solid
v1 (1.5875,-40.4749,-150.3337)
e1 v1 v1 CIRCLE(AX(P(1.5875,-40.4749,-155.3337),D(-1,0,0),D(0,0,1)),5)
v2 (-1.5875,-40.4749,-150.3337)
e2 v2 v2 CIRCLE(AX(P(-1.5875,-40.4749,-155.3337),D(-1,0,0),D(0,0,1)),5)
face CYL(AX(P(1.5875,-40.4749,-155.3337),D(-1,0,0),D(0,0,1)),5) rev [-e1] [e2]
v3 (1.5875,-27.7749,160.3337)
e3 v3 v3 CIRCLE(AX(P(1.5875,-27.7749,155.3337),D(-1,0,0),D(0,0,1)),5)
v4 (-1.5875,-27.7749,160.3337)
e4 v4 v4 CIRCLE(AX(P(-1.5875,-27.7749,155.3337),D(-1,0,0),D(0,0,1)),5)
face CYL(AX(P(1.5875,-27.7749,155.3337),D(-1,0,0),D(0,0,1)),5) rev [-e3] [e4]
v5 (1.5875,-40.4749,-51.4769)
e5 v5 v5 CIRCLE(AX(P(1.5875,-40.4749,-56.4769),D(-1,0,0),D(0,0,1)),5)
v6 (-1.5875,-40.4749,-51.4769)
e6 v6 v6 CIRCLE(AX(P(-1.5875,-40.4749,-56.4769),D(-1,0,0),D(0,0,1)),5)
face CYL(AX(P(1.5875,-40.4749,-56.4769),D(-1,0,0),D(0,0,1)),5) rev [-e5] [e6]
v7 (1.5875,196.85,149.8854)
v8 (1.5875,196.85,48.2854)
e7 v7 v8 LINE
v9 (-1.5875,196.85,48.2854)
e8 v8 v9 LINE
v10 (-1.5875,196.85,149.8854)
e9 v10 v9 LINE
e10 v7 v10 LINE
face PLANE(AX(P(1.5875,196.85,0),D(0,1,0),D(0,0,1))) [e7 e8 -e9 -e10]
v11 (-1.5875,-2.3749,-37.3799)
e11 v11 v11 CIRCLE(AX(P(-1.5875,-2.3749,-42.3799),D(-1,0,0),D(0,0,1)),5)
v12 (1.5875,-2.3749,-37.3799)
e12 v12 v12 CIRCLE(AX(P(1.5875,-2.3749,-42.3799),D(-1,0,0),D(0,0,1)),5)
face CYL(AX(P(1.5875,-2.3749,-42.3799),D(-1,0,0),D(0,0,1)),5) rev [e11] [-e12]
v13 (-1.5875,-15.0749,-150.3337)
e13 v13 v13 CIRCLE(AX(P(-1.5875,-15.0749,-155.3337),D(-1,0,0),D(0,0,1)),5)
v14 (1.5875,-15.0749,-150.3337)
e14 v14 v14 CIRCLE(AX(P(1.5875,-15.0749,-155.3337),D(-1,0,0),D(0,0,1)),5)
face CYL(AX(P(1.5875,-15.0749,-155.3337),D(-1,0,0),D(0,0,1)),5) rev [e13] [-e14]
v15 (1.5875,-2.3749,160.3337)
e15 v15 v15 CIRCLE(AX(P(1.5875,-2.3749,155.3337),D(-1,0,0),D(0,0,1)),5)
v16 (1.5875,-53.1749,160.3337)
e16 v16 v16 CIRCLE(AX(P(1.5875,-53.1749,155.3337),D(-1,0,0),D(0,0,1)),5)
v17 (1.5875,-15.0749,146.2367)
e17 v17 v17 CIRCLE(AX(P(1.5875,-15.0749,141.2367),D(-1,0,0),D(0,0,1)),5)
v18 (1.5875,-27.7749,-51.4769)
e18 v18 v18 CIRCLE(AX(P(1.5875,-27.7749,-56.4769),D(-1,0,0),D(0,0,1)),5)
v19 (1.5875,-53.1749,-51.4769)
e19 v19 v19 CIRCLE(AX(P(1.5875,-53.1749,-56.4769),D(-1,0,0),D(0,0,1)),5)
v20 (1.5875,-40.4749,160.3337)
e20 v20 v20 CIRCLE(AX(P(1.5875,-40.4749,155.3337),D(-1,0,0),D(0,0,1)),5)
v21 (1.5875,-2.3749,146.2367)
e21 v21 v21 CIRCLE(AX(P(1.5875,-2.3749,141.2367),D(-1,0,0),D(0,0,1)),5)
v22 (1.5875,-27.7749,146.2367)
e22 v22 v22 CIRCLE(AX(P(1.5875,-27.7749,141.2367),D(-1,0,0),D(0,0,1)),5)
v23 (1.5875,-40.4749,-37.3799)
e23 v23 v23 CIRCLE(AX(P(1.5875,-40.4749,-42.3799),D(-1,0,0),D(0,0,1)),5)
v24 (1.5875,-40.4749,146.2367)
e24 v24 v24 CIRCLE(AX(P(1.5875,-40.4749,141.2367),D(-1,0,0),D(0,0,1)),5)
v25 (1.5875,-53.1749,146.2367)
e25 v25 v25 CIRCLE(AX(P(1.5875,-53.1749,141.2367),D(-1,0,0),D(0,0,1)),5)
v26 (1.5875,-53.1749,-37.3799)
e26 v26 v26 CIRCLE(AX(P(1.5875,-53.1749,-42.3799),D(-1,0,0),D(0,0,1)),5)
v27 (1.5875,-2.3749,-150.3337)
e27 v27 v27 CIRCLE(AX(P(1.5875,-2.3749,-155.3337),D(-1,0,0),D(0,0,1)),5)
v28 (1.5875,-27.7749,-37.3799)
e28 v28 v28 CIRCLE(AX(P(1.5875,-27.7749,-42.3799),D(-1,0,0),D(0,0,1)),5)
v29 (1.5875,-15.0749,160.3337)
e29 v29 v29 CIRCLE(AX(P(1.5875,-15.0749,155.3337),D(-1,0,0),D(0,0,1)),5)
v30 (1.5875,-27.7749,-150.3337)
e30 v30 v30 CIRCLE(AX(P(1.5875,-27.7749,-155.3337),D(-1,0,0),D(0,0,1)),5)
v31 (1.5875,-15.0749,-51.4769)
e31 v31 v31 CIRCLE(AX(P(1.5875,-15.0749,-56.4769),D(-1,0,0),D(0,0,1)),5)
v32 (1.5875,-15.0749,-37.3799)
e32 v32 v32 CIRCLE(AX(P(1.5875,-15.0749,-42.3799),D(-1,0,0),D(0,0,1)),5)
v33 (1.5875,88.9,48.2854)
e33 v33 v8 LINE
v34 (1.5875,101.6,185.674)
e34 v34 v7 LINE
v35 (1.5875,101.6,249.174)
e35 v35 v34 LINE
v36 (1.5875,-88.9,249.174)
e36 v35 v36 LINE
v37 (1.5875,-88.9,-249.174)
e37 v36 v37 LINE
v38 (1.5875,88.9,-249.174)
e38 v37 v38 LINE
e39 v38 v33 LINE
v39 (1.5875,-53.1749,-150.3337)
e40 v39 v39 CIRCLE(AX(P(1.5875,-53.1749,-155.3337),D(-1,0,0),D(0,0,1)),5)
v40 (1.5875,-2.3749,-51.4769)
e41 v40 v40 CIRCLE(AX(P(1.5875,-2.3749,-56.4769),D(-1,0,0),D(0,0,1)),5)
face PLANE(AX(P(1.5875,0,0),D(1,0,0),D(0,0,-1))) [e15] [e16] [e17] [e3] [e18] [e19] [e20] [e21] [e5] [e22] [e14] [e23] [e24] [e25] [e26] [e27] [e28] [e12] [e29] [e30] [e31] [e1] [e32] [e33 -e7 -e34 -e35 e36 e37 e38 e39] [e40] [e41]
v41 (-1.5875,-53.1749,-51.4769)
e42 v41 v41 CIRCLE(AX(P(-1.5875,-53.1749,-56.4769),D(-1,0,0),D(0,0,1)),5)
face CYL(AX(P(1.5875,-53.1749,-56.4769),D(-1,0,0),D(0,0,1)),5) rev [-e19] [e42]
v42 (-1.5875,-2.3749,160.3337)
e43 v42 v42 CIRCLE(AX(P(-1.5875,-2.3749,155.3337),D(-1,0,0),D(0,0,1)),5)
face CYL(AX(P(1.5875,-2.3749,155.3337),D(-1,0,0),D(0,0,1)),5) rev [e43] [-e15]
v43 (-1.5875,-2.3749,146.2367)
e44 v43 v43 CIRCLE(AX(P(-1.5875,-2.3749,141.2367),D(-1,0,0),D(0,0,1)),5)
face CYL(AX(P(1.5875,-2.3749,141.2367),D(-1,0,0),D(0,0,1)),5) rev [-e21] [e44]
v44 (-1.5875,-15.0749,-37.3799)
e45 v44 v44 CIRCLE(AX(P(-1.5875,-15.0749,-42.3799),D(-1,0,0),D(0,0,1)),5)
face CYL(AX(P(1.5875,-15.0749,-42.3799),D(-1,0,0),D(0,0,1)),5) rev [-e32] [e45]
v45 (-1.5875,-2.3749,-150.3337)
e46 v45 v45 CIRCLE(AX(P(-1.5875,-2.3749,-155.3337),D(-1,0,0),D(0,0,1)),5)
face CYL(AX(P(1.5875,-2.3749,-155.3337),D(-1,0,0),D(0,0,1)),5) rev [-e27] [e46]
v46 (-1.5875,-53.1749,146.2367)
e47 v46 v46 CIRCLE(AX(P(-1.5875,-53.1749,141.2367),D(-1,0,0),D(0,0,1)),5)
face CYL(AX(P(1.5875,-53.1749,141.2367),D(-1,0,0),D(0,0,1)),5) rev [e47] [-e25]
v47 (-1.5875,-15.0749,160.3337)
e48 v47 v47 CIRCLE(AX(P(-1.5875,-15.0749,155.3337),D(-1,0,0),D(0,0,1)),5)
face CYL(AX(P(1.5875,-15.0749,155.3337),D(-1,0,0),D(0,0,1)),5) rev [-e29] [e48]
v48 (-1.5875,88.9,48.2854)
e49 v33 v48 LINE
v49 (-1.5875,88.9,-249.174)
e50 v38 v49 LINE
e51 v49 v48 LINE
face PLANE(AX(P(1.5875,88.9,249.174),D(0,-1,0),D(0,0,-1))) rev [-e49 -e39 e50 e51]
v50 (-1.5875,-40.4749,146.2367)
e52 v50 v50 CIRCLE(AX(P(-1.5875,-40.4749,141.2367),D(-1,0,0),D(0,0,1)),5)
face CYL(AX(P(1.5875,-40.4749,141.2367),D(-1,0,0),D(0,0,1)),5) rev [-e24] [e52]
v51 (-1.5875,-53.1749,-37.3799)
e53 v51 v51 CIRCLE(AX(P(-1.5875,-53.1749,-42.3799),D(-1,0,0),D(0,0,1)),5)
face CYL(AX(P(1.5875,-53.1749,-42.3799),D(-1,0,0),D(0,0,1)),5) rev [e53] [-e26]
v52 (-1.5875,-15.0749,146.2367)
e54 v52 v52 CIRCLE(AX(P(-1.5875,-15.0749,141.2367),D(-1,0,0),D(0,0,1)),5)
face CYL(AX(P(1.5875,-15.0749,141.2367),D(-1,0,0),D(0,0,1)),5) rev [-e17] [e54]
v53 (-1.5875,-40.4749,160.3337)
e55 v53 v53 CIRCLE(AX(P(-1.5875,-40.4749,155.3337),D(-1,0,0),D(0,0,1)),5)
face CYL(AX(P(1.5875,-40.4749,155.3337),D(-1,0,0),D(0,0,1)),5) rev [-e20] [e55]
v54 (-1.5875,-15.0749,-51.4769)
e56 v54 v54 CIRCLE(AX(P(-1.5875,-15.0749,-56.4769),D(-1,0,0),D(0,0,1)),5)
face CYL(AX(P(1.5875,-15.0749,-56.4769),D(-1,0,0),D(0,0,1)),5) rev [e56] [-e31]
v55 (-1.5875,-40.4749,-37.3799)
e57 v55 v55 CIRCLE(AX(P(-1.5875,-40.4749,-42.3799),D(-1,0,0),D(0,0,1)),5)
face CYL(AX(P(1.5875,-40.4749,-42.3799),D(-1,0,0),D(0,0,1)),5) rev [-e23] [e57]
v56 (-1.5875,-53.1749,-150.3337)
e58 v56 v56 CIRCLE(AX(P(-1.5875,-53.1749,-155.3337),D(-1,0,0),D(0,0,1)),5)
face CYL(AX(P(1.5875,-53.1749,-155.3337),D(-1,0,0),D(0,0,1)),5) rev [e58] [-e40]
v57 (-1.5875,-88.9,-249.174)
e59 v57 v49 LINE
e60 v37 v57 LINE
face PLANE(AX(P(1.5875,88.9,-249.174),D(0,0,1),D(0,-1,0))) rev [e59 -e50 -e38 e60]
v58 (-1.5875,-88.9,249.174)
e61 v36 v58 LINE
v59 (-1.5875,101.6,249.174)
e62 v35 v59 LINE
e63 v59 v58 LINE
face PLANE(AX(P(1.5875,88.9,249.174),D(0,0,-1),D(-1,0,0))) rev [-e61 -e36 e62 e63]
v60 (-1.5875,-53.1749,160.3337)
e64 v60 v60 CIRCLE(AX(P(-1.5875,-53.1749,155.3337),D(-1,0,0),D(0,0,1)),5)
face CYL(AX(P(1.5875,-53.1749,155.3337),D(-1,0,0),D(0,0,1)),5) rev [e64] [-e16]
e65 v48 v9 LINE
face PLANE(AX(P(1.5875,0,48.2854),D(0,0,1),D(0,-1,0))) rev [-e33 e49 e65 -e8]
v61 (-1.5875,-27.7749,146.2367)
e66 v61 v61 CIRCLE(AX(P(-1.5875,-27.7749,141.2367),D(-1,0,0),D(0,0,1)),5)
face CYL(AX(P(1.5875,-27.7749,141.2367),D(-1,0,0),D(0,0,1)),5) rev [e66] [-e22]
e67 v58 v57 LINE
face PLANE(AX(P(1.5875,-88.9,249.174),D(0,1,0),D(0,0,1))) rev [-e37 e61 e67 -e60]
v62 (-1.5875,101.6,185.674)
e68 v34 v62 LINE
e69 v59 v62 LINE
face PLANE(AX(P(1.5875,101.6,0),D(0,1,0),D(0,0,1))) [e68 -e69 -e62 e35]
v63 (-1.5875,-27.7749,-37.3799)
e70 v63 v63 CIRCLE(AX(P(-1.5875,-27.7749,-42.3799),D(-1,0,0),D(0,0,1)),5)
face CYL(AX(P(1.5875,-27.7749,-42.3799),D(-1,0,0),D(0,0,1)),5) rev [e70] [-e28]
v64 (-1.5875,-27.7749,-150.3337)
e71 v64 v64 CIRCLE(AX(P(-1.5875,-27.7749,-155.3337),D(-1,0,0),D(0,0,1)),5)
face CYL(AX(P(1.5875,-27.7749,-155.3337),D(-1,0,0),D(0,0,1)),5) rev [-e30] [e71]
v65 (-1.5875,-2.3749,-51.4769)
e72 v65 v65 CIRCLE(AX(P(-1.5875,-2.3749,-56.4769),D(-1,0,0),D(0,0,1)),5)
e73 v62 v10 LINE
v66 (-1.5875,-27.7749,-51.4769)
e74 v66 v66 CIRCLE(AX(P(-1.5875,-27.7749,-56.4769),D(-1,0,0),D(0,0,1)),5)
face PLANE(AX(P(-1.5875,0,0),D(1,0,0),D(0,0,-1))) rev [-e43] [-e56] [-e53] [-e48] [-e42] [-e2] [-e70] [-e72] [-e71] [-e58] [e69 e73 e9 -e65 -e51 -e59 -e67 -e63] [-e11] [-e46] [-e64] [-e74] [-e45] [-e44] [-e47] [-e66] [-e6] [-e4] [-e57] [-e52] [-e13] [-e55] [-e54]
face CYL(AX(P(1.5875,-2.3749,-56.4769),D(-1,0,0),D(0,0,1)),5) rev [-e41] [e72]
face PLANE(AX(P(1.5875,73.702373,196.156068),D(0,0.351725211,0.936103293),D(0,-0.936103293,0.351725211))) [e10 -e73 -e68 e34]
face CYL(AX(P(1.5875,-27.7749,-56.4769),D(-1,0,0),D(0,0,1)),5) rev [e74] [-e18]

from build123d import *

# Parameters (mm, degrees)
SKETCH1_W                 = 498.348
SKETCH1_H                 = 177.8
BOSS_EXTRUDE1_DEPTH       = 1.5875
BOSS_EXTRUDE2_DEPTH       = 3.175
SKETCH3_R                 = 5
CUT_EXTRUDE3_DEPTH        = 318.565245896
LPATTERN3_COUNT           = 3
LPATTERN3_PITCH           = 12.7
LPATTERN3_COL_COUNT       = 3
LPATTERN3_COL_PITCH       = 12.7
LPATTERN4_COUNT           = 2
LPATTERN4_PITCH           = 197.7136
LPATTERN4_COPY_1_SKETCH_R = 5
LPATTERN4_COPY_1_DEPTH    = 318.565245896
LPATTERN4_COPY_2_SKETCH_R = 5
LPATTERN4_COPY_2_DEPTH    = 318.565245896
LPATTERN4_COPY_3_SKETCH_R = 5
LPATTERN4_COPY_3_DEPTH    = 318.565245896
LPATTERN4_COPY_4_SKETCH_R = 5
LPATTERN4_COPY_4_DEPTH    = 318.565245896
SKETCH5_R                 = 5
CUT_EXTRUDE4_DEPTH        = 318.565245896
LPATTERN5_COUNT           = 3
LPATTERN5_PITCH           = 12.7
LPATTERN5_COL_COUNT       = 3
LPATTERN5_COL_PITCH       = 12.7
LPATTERN6_COUNT           = 4
LPATTERN6_PITCH           = 98.8568
LPATTERN6_COPY_1_SKETCH_R = 5
LPATTERN6_COPY_1_DEPTH    = 318.565245896
LPATTERN6_COPY_2_SKETCH_R = 5
LPATTERN6_COPY_2_DEPTH    = 318.565245896
LPATTERN6_COPY_3_SKETCH_R = 5
LPATTERN6_COPY_3_DEPTH    = 318.565245896
LPATTERN6_COPY_4_SKETCH_R = 5
LPATTERN6_COPY_4_DEPTH    = 318.565245896
LPATTERN6_COPY_5_SKETCH_R = 5
LPATTERN6_COPY_5_DEPTH    = 318.565245896
LPATTERN6_COPY_6_SKETCH_R = 5
LPATTERN6_COPY_6_DEPTH    = 318.565245896
LPATTERN6_COPY_7_SKETCH_R = 5
LPATTERN6_COPY_7_DEPTH    = 318.565245896
LPATTERN6_COPY_8_SKETCH_R = 5
LPATTERN6_COPY_8_DEPTH    = 318.565245896


with BuildPart() as part:
    # Sketch1 → Boss-Extrude1 (new, symmetric)
    with BuildSketch(Plane(origin=(0, 0, 0), x_dir=(0, 0, -1), z_dir=(1, 0, 0))):
        Rectangle(SKETCH1_W, SKETCH1_H)
    extrude(amount=BOSS_EXTRUDE1_DEPTH, both=True)

    # Sketch2 → Boss-Extrude2 (add)
    with BuildSketch(Plane.ZY.offset(1.5875)):
        Polygon((48.2854, 196.85), (48.2854, 88.9), (249.174, 88.9), (249.174, 101.6), (185.674, 101.6), (149.8854, 196.85), align=None)
    extrude(amount=-BOSS_EXTRUDE2_DEPTH)

    # Sketch3 → Cut-Extrude3 (cut, through all)
    with BuildSketch(Plane.ZY.offset(1.5875)):
        with Locations((155.3337, -27.7749)):
            Circle(SKETCH3_R)
    cut_extrude3 = extrude(amount=-CUT_EXTRUDE3_DEPTH, mode=Mode.SUBTRACT)

    # LPattern3: Cut-Extrude3 ×3
    with Locations(*[(0, i * LPATTERN3_PITCH, 0) for i in range(1, LPATTERN3_COUNT)]):
        add(cut_extrude3, mode=Mode.SUBTRACT)

    # LPattern3 col: Cut-Extrude3 ×3
    with Locations(*[(0, -i * LPATTERN3_COL_PITCH, 0) for i in range(1, LPATTERN3_COL_COUNT)]):
        add(cut_extrude3, mode=Mode.SUBTRACT)

    # LPattern4: Cut-Extrude3 ×2
    with Locations(*[(0, 0, -i * LPATTERN4_PITCH) for i in range(1, LPATTERN4_COUNT)]):
        add(cut_extrude3, mode=Mode.SUBTRACT)

    # LPattern4 copy 1 sketch → LPattern4 copy 1 (cut, through all)
    with BuildSketch(Plane(origin=(-1.5875, 12.7, -197.7136), x_dir=(0, 0, 1), z_dir=(-1, 0, 0))):
        with Locations((155.3337, -27.7749)):
            Circle(LPATTERN4_COPY_1_SKETCH_R)
    extrude(amount=-LPATTERN4_COPY_1_DEPTH, mode=Mode.SUBTRACT)

    # LPattern4 copy 2 sketch → LPattern4 copy 2 (cut, through all)
    with BuildSketch(Plane(origin=(-1.5875, 25.4, -197.7136), x_dir=(0, 0, 1), z_dir=(-1, 0, 0))):
        with Locations((155.3337, -27.7749)):
            Circle(LPATTERN4_COPY_2_SKETCH_R)
    extrude(amount=-LPATTERN4_COPY_2_DEPTH, mode=Mode.SUBTRACT)

    # LPattern4 copy 3 sketch → LPattern4 copy 3 (cut, through all)
    with BuildSketch(Plane(origin=(-1.5875, -12.7, -197.7136), x_dir=(0, 0, 1), z_dir=(-1, 0, 0))):
        with Locations((155.3337, -27.7749)):
            Circle(LPATTERN4_COPY_3_SKETCH_R)
    extrude(amount=-LPATTERN4_COPY_3_DEPTH, mode=Mode.SUBTRACT)

    # LPattern4 copy 4 sketch → LPattern4 copy 4 (cut, through all)
    with BuildSketch(Plane(origin=(-1.5875, -25.4, -197.7136), x_dir=(0, 0, 1), z_dir=(-1, 0, 0))):
        with Locations((155.3337, -27.7749)):
            Circle(LPATTERN4_COPY_4_SKETCH_R)
    extrude(amount=-LPATTERN4_COPY_4_DEPTH, mode=Mode.SUBTRACT)

    # Sketch5 → Cut-Extrude4 (cut, through all)
    with BuildSketch(Plane.ZY.offset(1.5875)):
        with Locations((141.2367, -27.7749)):
            Circle(SKETCH5_R)
    cut_extrude4 = extrude(amount=-CUT_EXTRUDE4_DEPTH, mode=Mode.SUBTRACT)

    # LPattern5: Cut-Extrude4 ×3
    with Locations(*[(0, i * LPATTERN5_PITCH, 0) for i in range(1, LPATTERN5_COUNT)]):
        add(cut_extrude4, mode=Mode.SUBTRACT)

    # LPattern5 col: Cut-Extrude4 ×3
    with Locations(*[(0, -i * LPATTERN5_COL_PITCH, 0) for i in range(1, LPATTERN5_COL_COUNT)]):
        add(cut_extrude4, mode=Mode.SUBTRACT)

    # LPattern6: Cut-Extrude4 ×4, 1 skipped
    with Locations(*[(0, 0, -i * LPATTERN6_PITCH) for i in range(1, LPATTERN6_COUNT) if i not in (1,)]):
        add(cut_extrude4, mode=Mode.SUBTRACT)

    # LPattern6 copy 1 sketch → LPattern6 copy 1 (cut, through all)
    with BuildSketch(Plane(origin=(-1.5875, 12.7, -197.7136), x_dir=(0, 0, 1), z_dir=(-1, 0, 0))):
        with Locations((141.2367, -27.7749)):
            Circle(LPATTERN6_COPY_1_SKETCH_R)
    extrude(amount=-LPATTERN6_COPY_1_DEPTH, mode=Mode.SUBTRACT)

    # LPattern6 copy 2 sketch → LPattern6 copy 2 (cut, through all)
    with BuildSketch(Plane(origin=(-1.5875, 12.7, -296.5704), x_dir=(0, 0, 1), z_dir=(-1, 0, 0))):
        with Locations((141.2367, -27.7749)):
            Circle(LPATTERN6_COPY_2_SKETCH_R)
    extrude(amount=-LPATTERN6_COPY_2_DEPTH, mode=Mode.SUBTRACT)

    # LPattern6 copy 3 sketch → LPattern6 copy 3 (cut, through all)
    with BuildSketch(Plane(origin=(-1.5875, 25.4, -197.7136), x_dir=(0, 0, 1), z_dir=(-1, 0, 0))):
        with Locations((141.2367, -27.7749)):
            Circle(LPATTERN6_COPY_3_SKETCH_R)
    extrude(amount=-LPATTERN6_COPY_3_DEPTH, mode=Mode.SUBTRACT)

    # LPattern6 copy 4 sketch → LPattern6 copy 4 (cut, through all)
    with BuildSketch(Plane(origin=(-1.5875, 25.4, -296.5704), x_dir=(0, 0, 1), z_dir=(-1, 0, 0))):
        with Locations((141.2367, -27.7749)):
            Circle(LPATTERN6_COPY_4_SKETCH_R)
    extrude(amount=-LPATTERN6_COPY_4_DEPTH, mode=Mode.SUBTRACT)

    # LPattern6 copy 5 sketch → LPattern6 copy 5 (cut, through all)
    with BuildSketch(Plane(origin=(-1.5875, -12.7, -197.7136), x_dir=(0, 0, 1), z_dir=(-1, 0, 0))):
        with Locations((141.2367, -27.7749)):
            Circle(LPATTERN6_COPY_5_SKETCH_R)
    extrude(amount=-LPATTERN6_COPY_5_DEPTH, mode=Mode.SUBTRACT)

    # LPattern6 copy 6 sketch → LPattern6 copy 6 (cut, through all)
    with BuildSketch(Plane(origin=(-1.5875, -12.7, -296.5704), x_dir=(0, 0, 1), z_dir=(-1, 0, 0))):
        with Locations((141.2367, -27.7749)):
            Circle(LPATTERN6_COPY_6_SKETCH_R)
    extrude(amount=-LPATTERN6_COPY_6_DEPTH, mode=Mode.SUBTRACT)

    # LPattern6 copy 7 sketch → LPattern6 copy 7 (cut, through all)
    with BuildSketch(Plane(origin=(-1.5875, -25.4, -197.7136), x_dir=(0, 0, 1), z_dir=(-1, 0, 0))):
        with Locations((141.2367, -27.7749)):
            Circle(LPATTERN6_COPY_7_SKETCH_R)
    extrude(amount=-LPATTERN6_COPY_7_DEPTH, mode=Mode.SUBTRACT)

    # LPattern6 copy 8 sketch → LPattern6 copy 8 (cut, through all)
    with BuildSketch(Plane(origin=(-1.5875, -25.4, -296.5704), x_dir=(0, 0, 1), z_dir=(-1, 0, 0))):
        with Locations((141.2367, -27.7749)):
            Circle(LPATTERN6_COPY_8_SKETCH_R)
    extrude(amount=-LPATTERN6_COPY_8_DEPTH, mode=Mode.SUBTRACT)


solid = part.part
